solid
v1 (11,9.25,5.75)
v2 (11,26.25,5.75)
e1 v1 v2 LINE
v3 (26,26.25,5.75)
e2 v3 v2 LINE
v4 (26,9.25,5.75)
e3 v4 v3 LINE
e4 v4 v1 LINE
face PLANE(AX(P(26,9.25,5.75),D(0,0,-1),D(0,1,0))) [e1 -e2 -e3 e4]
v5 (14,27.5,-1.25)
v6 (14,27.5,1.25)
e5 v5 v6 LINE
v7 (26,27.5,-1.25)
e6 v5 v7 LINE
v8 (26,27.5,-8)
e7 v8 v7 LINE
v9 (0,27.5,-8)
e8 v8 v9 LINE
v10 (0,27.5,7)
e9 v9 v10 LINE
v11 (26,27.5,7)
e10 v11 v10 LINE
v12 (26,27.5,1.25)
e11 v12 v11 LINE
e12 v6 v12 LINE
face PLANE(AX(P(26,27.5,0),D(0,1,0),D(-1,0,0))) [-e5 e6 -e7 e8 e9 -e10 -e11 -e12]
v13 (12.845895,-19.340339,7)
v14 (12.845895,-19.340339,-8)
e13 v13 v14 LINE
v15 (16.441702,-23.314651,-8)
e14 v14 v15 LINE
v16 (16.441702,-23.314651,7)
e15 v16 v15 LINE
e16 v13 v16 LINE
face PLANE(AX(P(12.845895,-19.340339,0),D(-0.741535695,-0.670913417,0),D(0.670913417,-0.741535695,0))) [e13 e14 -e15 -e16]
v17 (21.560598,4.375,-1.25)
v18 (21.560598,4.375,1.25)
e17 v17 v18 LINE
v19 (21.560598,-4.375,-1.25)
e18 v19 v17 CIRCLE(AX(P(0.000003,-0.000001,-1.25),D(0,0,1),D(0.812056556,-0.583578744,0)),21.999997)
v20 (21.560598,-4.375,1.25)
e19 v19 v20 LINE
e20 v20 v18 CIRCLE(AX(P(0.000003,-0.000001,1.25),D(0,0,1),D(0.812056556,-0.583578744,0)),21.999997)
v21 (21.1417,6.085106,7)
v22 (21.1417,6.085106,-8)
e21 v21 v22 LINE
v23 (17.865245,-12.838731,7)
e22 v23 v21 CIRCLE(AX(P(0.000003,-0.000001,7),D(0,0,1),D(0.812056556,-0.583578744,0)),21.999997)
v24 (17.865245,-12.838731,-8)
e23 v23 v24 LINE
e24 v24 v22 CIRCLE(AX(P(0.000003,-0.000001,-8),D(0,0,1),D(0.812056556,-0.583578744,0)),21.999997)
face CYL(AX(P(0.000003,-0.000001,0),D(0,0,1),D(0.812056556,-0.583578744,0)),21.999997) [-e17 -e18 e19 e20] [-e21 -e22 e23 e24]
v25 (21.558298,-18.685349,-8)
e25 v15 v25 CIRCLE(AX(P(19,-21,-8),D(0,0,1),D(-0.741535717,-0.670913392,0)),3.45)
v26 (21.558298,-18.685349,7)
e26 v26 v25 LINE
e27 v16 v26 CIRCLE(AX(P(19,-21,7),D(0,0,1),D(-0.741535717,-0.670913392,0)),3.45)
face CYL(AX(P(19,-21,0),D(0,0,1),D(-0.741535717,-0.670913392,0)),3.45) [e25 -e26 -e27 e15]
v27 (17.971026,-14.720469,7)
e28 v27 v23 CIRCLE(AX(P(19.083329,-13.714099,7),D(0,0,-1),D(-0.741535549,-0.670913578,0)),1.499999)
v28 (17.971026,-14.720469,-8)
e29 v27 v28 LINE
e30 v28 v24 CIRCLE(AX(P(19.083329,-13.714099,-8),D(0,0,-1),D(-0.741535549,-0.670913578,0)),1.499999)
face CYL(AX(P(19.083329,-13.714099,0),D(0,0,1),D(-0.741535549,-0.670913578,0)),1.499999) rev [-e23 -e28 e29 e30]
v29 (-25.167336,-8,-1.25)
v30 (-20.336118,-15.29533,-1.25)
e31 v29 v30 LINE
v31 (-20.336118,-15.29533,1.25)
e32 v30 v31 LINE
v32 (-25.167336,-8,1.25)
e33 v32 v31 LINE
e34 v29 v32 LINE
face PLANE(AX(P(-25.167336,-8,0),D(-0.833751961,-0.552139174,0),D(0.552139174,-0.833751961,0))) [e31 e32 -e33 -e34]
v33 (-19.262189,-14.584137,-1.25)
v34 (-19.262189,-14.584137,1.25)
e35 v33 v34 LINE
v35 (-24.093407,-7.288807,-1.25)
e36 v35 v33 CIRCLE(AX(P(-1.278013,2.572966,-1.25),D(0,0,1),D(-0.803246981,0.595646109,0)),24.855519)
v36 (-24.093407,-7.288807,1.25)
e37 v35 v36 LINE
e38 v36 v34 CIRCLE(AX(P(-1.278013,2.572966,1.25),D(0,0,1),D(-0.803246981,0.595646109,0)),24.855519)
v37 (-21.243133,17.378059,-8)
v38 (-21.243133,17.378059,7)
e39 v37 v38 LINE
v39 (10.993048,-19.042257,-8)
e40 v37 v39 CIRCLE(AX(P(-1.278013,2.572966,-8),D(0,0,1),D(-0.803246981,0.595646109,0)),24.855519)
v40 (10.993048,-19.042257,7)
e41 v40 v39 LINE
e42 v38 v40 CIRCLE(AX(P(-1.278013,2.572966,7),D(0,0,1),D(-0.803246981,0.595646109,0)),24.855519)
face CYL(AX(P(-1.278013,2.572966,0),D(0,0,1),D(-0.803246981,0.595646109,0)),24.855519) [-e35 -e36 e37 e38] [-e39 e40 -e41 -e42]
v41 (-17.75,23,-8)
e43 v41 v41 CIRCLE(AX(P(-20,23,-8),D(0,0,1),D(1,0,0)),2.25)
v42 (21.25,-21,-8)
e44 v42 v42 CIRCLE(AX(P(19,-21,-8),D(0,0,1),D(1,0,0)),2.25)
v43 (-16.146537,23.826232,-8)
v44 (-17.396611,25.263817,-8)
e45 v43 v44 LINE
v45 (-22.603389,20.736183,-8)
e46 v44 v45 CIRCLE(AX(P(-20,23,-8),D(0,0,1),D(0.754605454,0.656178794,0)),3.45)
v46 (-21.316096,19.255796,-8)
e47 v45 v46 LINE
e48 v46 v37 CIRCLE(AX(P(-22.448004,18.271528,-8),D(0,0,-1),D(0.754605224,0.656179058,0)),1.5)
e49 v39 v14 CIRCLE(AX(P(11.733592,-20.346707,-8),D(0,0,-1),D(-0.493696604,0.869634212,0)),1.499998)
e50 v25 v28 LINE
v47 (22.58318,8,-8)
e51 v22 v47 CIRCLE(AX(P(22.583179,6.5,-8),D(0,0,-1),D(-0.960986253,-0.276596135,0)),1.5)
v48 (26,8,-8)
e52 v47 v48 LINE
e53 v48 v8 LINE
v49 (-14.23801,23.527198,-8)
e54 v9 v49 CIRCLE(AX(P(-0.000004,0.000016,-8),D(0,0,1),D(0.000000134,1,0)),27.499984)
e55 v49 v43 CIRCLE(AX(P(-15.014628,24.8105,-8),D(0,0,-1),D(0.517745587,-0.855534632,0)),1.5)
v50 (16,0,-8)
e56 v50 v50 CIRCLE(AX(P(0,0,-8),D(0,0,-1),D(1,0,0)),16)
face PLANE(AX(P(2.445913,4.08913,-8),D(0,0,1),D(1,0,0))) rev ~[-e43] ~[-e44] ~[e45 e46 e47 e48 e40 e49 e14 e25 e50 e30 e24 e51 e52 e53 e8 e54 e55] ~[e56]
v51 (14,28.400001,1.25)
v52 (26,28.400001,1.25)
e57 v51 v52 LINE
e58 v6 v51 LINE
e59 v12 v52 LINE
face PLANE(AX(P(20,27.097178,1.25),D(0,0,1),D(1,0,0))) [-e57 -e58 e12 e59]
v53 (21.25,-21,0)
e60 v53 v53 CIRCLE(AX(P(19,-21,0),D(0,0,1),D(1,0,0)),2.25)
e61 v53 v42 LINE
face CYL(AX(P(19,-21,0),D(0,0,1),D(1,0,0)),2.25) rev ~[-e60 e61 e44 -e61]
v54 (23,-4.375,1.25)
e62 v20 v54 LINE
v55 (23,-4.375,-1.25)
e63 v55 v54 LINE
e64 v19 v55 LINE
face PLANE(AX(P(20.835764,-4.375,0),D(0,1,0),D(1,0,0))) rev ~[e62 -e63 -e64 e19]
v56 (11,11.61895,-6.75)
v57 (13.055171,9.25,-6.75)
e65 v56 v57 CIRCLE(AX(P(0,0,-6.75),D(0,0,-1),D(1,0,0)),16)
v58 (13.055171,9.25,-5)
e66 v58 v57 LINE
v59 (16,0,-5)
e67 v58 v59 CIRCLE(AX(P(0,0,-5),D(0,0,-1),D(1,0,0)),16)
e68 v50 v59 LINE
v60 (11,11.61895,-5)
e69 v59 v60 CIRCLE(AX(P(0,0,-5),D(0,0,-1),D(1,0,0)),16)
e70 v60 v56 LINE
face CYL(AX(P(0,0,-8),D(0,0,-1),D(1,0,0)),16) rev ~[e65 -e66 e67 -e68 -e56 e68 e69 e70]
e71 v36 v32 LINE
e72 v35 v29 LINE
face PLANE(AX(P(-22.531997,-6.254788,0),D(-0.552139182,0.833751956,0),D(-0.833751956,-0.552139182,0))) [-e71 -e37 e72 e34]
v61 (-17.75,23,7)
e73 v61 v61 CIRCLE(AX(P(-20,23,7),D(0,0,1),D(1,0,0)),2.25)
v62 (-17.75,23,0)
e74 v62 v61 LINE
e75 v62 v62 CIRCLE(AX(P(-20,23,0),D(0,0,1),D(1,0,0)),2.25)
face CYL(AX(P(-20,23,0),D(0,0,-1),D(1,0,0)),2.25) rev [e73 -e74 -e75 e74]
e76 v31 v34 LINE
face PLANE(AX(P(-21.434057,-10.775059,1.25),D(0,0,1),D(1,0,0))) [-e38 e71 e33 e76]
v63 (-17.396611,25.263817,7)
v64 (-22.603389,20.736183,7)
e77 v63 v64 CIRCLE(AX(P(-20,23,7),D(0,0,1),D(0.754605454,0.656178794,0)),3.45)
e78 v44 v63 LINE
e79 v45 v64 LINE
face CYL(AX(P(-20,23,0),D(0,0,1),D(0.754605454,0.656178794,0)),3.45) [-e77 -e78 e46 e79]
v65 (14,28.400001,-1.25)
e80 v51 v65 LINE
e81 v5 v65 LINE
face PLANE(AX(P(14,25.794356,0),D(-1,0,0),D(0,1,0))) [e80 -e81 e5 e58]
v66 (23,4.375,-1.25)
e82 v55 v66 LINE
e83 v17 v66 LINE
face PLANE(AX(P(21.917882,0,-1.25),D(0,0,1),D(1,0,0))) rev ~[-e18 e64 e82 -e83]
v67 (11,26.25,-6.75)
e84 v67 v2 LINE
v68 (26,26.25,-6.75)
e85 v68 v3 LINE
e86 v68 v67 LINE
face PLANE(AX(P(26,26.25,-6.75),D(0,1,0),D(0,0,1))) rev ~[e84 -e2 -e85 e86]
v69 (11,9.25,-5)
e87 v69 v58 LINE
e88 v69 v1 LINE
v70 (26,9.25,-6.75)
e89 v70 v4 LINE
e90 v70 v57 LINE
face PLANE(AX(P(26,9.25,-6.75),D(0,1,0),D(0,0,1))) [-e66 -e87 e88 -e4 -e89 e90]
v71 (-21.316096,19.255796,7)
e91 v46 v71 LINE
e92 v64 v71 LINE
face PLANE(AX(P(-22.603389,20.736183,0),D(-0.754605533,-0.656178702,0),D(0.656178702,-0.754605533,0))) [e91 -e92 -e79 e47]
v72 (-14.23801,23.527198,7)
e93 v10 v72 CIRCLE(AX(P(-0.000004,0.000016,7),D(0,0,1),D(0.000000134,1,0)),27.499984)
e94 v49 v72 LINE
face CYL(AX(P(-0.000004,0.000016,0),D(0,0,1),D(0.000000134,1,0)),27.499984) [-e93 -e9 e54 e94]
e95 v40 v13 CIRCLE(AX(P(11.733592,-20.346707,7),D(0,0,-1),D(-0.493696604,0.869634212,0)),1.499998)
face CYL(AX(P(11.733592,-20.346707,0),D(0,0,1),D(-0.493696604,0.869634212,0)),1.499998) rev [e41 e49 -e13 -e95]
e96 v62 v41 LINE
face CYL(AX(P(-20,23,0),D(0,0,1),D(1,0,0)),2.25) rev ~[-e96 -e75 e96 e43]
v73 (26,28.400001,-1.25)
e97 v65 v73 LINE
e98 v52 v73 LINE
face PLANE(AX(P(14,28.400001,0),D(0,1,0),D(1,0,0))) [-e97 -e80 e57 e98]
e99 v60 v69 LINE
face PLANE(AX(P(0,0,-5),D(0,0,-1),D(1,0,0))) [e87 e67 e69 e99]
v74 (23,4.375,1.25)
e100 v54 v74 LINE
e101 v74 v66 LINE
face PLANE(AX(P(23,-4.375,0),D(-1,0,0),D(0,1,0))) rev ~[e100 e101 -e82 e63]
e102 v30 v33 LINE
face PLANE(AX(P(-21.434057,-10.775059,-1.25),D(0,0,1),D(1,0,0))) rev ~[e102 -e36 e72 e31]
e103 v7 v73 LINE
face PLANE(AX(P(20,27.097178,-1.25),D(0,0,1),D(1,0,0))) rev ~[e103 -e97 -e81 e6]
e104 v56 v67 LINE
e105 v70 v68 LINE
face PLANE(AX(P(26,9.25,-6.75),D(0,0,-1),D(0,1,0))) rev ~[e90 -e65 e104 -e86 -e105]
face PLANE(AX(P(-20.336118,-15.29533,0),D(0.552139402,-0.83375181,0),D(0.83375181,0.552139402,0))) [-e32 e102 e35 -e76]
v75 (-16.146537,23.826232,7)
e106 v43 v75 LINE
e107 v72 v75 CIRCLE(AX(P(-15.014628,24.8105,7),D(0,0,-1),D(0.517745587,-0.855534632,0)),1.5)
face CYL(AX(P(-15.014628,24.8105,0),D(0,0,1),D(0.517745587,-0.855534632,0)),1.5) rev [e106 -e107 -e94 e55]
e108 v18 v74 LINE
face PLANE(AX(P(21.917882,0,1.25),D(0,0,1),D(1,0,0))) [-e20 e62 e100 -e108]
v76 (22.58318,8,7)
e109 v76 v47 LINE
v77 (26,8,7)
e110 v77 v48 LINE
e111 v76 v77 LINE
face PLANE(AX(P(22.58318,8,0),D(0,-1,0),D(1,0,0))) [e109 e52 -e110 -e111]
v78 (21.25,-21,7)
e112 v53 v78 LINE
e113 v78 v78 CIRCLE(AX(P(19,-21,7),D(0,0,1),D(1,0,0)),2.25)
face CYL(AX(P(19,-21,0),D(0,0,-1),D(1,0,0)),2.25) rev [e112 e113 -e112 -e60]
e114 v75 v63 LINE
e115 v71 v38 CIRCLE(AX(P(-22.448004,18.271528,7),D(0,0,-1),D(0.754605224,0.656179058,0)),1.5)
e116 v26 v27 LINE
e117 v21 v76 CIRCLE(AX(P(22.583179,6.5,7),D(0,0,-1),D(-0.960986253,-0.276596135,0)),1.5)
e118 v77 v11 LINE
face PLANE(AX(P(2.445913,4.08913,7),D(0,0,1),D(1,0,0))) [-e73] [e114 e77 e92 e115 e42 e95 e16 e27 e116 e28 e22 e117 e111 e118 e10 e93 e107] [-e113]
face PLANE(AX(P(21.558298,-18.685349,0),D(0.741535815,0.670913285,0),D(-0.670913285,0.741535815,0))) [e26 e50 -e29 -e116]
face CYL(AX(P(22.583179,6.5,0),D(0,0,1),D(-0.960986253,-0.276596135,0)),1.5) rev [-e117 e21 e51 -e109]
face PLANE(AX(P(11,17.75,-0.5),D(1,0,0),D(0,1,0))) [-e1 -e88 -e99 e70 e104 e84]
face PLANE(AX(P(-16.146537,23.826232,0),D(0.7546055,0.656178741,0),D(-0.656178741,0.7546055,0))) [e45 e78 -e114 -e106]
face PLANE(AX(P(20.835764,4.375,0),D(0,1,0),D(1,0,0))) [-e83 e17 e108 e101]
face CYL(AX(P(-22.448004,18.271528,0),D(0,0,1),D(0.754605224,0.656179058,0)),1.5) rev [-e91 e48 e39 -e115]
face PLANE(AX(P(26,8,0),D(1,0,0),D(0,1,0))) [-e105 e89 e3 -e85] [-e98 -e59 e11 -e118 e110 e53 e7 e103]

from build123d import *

# Parameters (mm, degrees)
F0_R          = 2.25
F1_DEPTH      = 7
F1_DEPTH_BACK = 8
F2_R          = 16
F3_DEPTH      = 3
F4_W          = 12
F4_H          = 2.605645
F4_W_2        = 2.164235
F4_H_2        = 8.75
F5_DEPTH      = 1.25
F6_W          = 17
F6_H          = 12.5
F7_DEPTH      = 15


with BuildPart() as f1:
    # F0 (on Top) → F1 (new body, two sides)
    with BuildSketch(Plane.XY) as f1_sk:
        with BuildLine():
            Line((26, 8), (26, 27.5))
            Line((26, 27.5), (0, 27.5))
            ThreePointArc((0, 27.5), (-7.390942, 26.488186), (-14.23801, 23.527198))
            ThreePointArc((-14.23801, 23.527198), (-15.246821, 23.32858), (-16.146537, 23.826232))
            Line((-16.146537, 23.826232), (-17.396611, 25.263817))
            ThreePointArc((-17.396611, 25.263817), (-22.263817, 25.603389), (-22.603389, 20.736183))
            Line((-22.603389, 20.736183), (-21.316096, 19.255796))
            ThreePointArc((-21.316096, 19.255796), (-20.949135, 18.329769), (-21.243133, 17.378059))
            ThreePointArc((-21.243133, 17.378059), (-19.890092, -13.900871), (10.993048, -19.042257))
            ThreePointArc((10.993048, -19.042257), (11.971845, -18.865751), (12.845895, -19.340339))
            Line((12.845895, -19.340339), (16.441702, -23.314651))
            ThreePointArc((16.441702, -23.314651), (21.314651, -23.558298), (21.558298, -18.685349))
            Line((21.558298, -18.685349), (17.971026, -14.720469))
            ThreePointArc((17.971026, -14.720469), (17.585694, -13.798288), (17.865245, -12.838731))
            ThreePointArc((17.865245, -12.838731), (21.677485, -3.753219), (21.1417, 6.085106))
            ThreePointArc((21.1417, 6.085106), (21.384776, 7.402125), (22.58318, 8))
            Line((22.58318, 8), (26, 8))
        make_face()
        with Locations((19, -21)):
            Circle(F0_R, mode=Mode.SUBTRACT)
        with Locations((-20, 23)):
            Circle(F0_R, mode=Mode.SUBTRACT)
    extrude(amount=F1_DEPTH)
    extrude(f1_sk.sketch, amount=-F1_DEPTH_BACK)

    # F2 (on face) → F3 (cut)
    with BuildSketch(Plane(origin=(0, 0, -8), x_dir=(1, 0, 0), z_dir=(0, 0, -1))):
        Circle(F2_R)
    extrude(amount=-F3_DEPTH, mode=Mode.SUBTRACT)

    # F4 (on Top) → F5 (join, symmetric)
    with BuildSketch(Plane.XY):
        with Locations((20, 27.097178)):
            Rectangle(F4_W, F4_H)
        with Locations((21.917882, 0)):
            Rectangle(F4_W_2, F4_H_2)
        Polygon((-22.531997, -6.254788), (-25.167336, -8), (-20.336118, -15.29533), (-17.700779, -13.550117), align=None)
    extrude(amount=F5_DEPTH, both=True)

    # F6 (on face) → F7 (cut)
    with BuildSketch(Plane.YZ.offset(26)):
        with Locations((17.75, -0.5)):
            Rectangle(F6_W, F6_H)
    extrude(amount=-F7_DEPTH, mode=Mode.SUBTRACT)


solid = f1.part
